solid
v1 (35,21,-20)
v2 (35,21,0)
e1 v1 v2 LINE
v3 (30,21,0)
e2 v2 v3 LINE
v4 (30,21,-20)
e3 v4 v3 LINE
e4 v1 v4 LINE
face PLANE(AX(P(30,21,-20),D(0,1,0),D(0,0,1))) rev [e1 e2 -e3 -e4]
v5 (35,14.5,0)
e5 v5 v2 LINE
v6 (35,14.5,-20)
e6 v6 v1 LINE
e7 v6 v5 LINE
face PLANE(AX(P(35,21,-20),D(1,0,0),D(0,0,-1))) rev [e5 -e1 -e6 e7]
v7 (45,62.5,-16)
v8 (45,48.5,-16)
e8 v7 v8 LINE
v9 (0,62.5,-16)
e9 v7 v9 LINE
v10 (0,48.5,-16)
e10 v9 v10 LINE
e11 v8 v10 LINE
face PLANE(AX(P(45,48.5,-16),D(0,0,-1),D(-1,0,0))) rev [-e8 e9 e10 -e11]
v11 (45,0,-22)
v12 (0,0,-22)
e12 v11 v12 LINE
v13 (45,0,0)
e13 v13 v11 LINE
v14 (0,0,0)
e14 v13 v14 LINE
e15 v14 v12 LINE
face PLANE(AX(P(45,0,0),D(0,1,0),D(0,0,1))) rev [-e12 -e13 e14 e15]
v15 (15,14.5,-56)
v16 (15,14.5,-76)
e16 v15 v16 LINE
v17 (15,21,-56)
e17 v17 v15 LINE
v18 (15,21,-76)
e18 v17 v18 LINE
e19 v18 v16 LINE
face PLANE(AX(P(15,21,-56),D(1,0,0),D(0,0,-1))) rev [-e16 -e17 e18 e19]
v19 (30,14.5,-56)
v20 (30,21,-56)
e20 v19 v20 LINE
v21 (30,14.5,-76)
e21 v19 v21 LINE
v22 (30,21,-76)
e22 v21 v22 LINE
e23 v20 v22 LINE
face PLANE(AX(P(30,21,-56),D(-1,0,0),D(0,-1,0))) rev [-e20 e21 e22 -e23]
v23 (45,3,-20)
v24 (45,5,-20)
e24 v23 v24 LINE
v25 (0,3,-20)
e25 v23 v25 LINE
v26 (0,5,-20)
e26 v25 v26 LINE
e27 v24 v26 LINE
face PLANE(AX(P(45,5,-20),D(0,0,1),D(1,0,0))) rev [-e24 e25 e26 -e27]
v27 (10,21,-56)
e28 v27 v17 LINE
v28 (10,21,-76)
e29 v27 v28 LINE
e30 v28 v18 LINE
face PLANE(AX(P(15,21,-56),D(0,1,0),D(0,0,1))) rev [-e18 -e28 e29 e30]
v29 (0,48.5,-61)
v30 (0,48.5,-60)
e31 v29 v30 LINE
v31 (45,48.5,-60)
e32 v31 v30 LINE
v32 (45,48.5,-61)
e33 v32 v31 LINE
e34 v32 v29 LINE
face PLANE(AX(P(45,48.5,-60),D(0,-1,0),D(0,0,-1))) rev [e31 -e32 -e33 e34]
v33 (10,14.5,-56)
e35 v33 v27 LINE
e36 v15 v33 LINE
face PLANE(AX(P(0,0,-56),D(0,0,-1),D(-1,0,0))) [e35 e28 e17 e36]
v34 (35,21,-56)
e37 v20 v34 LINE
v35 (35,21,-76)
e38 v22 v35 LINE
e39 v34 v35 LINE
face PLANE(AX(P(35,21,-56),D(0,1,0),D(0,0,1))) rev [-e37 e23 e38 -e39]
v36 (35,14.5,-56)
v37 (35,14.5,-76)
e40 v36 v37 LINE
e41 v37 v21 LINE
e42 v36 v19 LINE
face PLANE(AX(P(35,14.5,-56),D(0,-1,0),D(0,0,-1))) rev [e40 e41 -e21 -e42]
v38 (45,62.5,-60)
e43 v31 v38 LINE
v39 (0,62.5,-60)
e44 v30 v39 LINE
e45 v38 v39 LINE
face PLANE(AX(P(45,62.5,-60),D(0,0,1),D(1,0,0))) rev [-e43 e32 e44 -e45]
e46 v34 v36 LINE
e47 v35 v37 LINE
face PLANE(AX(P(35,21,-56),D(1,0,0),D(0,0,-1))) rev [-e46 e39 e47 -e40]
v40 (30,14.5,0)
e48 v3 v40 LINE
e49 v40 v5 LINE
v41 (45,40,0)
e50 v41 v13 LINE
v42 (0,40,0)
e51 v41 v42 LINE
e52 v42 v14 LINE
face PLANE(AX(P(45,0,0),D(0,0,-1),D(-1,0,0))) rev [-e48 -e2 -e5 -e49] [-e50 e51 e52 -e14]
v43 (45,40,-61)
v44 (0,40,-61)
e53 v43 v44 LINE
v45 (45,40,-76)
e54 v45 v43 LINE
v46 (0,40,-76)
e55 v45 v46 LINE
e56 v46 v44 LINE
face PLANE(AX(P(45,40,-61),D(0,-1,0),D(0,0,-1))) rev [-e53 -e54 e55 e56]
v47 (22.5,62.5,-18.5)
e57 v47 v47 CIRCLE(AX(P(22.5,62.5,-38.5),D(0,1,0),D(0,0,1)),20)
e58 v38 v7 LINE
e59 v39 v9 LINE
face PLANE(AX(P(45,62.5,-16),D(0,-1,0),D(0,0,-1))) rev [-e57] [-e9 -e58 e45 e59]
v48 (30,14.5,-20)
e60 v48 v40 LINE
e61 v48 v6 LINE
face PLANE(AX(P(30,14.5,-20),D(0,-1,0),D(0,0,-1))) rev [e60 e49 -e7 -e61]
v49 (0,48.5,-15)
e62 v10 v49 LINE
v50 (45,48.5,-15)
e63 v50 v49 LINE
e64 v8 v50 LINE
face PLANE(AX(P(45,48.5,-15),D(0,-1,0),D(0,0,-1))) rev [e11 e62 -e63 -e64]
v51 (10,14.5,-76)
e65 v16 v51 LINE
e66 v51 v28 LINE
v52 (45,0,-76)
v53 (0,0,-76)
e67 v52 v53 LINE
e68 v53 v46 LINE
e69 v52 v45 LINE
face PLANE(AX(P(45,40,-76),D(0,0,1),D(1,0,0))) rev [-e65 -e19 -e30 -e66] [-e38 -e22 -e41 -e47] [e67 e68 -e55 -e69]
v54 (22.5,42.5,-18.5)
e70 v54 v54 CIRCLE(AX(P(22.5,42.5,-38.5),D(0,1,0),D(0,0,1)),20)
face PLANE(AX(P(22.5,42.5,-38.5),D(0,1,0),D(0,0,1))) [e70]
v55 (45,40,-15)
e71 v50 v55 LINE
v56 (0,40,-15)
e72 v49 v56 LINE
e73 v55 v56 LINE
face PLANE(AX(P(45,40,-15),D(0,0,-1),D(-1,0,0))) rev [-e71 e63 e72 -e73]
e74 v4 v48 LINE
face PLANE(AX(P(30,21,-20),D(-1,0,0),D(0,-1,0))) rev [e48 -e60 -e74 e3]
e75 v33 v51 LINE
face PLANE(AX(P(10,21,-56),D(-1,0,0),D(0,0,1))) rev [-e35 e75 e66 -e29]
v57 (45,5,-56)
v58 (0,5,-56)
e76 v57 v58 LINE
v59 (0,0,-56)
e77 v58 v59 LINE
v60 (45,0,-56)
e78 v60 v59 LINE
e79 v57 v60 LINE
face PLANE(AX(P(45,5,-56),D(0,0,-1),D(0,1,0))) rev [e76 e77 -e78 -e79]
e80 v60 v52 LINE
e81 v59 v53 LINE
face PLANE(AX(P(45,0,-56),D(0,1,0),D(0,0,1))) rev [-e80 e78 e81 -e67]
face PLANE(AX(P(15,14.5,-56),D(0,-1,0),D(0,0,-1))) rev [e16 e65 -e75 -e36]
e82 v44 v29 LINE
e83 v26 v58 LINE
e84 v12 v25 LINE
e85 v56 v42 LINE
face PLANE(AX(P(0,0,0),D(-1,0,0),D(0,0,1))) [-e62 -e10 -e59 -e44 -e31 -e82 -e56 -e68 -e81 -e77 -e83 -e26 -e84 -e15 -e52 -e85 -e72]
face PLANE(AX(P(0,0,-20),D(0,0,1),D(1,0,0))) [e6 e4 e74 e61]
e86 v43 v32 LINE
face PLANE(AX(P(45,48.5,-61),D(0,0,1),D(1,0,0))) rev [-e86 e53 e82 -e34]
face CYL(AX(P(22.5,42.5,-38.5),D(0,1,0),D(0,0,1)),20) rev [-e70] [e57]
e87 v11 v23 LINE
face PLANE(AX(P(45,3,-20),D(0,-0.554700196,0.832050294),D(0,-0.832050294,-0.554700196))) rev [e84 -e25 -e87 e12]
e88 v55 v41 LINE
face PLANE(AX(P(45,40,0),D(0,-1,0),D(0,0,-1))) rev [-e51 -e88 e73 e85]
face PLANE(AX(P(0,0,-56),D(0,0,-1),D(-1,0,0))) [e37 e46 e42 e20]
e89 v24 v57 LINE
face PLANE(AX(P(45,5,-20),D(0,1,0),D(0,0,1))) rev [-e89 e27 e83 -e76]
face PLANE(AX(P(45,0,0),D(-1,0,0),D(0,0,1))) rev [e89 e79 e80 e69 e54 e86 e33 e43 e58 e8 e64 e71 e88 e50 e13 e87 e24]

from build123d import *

# Parameters (mm, degrees)
EXTRUDE_1_DEPTH     = 45
SKETCH_2_R          = 20
CUT_EXTRUDE_1_DEPTH = 20
SKETCH_3_W          = 5
SKETCH_3_H          = 6.5
CUT_EXTRUDE_2_DEPTH = 20
SKETCH_4_W          = 5
SKETCH_4_H          = 6.5
CUT_EXTRUDE_3_DEPTH = 20


with BuildPart() as part:
    # Эскиз1 → Бобышка-Вытянуть1 (new body)
    with BuildSketch(Plane(origin=(0, 0, 0), x_dir=(0, 0, -1), z_dir=(1, 0, 0))):
        Polygon((0, 0), (0, 40), (15, 40), (15, 48.5), (16, 48.5), (16, 62.5), (60, 62.5), (60, 48.5), (61, 48.5), (61, 40), (76, 40), (76, 0), (56, 0), (56, 5), (20, 5), (20, 3), (22, 0), align=None)
    extrude(amount=EXTRUDE_1_DEPTH)

    # Эскиз2 → Вырез-Вытянуть1 (cut)
    with BuildSketch(Plane(origin=(0, 62.5, 0), x_dir=(1, 0, 0), z_dir=(0, 1, 0))):
        with Locations((22.5, 38.5)):
            Circle(SKETCH_2_R)
    extrude(amount=-CUT_EXTRUDE_1_DEPTH, mode=Mode.SUBTRACT)

    # Эскиз3 → Вырез-Вытянуть2 (cut)
    with BuildSketch(Plane.XY):
        with Locations((32.5, 17.75)):
            Rectangle(SKETCH_3_W, SKETCH_3_H)
    extrude(amount=-CUT_EXTRUDE_2_DEPTH, mode=Mode.SUBTRACT)

    # Эскиз4 → Вырез-Вытянуть3 (cut)
    with BuildSketch(Plane(origin=(0, 0, -76), x_dir=(-1, 0, 0), z_dir=(0, 0, -1))):
        with Locations((-32.5, 17.75)):
            Rectangle(SKETCH_4_W, SKETCH_4_H)
        with Locations((-12.5, 17.75)):
            Rectangle(SKETCH_4_W, SKETCH_4_H)
    extrude(amount=-CUT_EXTRUDE_3_DEPTH, mode=Mode.SUBTRACT)


solid = part.part
